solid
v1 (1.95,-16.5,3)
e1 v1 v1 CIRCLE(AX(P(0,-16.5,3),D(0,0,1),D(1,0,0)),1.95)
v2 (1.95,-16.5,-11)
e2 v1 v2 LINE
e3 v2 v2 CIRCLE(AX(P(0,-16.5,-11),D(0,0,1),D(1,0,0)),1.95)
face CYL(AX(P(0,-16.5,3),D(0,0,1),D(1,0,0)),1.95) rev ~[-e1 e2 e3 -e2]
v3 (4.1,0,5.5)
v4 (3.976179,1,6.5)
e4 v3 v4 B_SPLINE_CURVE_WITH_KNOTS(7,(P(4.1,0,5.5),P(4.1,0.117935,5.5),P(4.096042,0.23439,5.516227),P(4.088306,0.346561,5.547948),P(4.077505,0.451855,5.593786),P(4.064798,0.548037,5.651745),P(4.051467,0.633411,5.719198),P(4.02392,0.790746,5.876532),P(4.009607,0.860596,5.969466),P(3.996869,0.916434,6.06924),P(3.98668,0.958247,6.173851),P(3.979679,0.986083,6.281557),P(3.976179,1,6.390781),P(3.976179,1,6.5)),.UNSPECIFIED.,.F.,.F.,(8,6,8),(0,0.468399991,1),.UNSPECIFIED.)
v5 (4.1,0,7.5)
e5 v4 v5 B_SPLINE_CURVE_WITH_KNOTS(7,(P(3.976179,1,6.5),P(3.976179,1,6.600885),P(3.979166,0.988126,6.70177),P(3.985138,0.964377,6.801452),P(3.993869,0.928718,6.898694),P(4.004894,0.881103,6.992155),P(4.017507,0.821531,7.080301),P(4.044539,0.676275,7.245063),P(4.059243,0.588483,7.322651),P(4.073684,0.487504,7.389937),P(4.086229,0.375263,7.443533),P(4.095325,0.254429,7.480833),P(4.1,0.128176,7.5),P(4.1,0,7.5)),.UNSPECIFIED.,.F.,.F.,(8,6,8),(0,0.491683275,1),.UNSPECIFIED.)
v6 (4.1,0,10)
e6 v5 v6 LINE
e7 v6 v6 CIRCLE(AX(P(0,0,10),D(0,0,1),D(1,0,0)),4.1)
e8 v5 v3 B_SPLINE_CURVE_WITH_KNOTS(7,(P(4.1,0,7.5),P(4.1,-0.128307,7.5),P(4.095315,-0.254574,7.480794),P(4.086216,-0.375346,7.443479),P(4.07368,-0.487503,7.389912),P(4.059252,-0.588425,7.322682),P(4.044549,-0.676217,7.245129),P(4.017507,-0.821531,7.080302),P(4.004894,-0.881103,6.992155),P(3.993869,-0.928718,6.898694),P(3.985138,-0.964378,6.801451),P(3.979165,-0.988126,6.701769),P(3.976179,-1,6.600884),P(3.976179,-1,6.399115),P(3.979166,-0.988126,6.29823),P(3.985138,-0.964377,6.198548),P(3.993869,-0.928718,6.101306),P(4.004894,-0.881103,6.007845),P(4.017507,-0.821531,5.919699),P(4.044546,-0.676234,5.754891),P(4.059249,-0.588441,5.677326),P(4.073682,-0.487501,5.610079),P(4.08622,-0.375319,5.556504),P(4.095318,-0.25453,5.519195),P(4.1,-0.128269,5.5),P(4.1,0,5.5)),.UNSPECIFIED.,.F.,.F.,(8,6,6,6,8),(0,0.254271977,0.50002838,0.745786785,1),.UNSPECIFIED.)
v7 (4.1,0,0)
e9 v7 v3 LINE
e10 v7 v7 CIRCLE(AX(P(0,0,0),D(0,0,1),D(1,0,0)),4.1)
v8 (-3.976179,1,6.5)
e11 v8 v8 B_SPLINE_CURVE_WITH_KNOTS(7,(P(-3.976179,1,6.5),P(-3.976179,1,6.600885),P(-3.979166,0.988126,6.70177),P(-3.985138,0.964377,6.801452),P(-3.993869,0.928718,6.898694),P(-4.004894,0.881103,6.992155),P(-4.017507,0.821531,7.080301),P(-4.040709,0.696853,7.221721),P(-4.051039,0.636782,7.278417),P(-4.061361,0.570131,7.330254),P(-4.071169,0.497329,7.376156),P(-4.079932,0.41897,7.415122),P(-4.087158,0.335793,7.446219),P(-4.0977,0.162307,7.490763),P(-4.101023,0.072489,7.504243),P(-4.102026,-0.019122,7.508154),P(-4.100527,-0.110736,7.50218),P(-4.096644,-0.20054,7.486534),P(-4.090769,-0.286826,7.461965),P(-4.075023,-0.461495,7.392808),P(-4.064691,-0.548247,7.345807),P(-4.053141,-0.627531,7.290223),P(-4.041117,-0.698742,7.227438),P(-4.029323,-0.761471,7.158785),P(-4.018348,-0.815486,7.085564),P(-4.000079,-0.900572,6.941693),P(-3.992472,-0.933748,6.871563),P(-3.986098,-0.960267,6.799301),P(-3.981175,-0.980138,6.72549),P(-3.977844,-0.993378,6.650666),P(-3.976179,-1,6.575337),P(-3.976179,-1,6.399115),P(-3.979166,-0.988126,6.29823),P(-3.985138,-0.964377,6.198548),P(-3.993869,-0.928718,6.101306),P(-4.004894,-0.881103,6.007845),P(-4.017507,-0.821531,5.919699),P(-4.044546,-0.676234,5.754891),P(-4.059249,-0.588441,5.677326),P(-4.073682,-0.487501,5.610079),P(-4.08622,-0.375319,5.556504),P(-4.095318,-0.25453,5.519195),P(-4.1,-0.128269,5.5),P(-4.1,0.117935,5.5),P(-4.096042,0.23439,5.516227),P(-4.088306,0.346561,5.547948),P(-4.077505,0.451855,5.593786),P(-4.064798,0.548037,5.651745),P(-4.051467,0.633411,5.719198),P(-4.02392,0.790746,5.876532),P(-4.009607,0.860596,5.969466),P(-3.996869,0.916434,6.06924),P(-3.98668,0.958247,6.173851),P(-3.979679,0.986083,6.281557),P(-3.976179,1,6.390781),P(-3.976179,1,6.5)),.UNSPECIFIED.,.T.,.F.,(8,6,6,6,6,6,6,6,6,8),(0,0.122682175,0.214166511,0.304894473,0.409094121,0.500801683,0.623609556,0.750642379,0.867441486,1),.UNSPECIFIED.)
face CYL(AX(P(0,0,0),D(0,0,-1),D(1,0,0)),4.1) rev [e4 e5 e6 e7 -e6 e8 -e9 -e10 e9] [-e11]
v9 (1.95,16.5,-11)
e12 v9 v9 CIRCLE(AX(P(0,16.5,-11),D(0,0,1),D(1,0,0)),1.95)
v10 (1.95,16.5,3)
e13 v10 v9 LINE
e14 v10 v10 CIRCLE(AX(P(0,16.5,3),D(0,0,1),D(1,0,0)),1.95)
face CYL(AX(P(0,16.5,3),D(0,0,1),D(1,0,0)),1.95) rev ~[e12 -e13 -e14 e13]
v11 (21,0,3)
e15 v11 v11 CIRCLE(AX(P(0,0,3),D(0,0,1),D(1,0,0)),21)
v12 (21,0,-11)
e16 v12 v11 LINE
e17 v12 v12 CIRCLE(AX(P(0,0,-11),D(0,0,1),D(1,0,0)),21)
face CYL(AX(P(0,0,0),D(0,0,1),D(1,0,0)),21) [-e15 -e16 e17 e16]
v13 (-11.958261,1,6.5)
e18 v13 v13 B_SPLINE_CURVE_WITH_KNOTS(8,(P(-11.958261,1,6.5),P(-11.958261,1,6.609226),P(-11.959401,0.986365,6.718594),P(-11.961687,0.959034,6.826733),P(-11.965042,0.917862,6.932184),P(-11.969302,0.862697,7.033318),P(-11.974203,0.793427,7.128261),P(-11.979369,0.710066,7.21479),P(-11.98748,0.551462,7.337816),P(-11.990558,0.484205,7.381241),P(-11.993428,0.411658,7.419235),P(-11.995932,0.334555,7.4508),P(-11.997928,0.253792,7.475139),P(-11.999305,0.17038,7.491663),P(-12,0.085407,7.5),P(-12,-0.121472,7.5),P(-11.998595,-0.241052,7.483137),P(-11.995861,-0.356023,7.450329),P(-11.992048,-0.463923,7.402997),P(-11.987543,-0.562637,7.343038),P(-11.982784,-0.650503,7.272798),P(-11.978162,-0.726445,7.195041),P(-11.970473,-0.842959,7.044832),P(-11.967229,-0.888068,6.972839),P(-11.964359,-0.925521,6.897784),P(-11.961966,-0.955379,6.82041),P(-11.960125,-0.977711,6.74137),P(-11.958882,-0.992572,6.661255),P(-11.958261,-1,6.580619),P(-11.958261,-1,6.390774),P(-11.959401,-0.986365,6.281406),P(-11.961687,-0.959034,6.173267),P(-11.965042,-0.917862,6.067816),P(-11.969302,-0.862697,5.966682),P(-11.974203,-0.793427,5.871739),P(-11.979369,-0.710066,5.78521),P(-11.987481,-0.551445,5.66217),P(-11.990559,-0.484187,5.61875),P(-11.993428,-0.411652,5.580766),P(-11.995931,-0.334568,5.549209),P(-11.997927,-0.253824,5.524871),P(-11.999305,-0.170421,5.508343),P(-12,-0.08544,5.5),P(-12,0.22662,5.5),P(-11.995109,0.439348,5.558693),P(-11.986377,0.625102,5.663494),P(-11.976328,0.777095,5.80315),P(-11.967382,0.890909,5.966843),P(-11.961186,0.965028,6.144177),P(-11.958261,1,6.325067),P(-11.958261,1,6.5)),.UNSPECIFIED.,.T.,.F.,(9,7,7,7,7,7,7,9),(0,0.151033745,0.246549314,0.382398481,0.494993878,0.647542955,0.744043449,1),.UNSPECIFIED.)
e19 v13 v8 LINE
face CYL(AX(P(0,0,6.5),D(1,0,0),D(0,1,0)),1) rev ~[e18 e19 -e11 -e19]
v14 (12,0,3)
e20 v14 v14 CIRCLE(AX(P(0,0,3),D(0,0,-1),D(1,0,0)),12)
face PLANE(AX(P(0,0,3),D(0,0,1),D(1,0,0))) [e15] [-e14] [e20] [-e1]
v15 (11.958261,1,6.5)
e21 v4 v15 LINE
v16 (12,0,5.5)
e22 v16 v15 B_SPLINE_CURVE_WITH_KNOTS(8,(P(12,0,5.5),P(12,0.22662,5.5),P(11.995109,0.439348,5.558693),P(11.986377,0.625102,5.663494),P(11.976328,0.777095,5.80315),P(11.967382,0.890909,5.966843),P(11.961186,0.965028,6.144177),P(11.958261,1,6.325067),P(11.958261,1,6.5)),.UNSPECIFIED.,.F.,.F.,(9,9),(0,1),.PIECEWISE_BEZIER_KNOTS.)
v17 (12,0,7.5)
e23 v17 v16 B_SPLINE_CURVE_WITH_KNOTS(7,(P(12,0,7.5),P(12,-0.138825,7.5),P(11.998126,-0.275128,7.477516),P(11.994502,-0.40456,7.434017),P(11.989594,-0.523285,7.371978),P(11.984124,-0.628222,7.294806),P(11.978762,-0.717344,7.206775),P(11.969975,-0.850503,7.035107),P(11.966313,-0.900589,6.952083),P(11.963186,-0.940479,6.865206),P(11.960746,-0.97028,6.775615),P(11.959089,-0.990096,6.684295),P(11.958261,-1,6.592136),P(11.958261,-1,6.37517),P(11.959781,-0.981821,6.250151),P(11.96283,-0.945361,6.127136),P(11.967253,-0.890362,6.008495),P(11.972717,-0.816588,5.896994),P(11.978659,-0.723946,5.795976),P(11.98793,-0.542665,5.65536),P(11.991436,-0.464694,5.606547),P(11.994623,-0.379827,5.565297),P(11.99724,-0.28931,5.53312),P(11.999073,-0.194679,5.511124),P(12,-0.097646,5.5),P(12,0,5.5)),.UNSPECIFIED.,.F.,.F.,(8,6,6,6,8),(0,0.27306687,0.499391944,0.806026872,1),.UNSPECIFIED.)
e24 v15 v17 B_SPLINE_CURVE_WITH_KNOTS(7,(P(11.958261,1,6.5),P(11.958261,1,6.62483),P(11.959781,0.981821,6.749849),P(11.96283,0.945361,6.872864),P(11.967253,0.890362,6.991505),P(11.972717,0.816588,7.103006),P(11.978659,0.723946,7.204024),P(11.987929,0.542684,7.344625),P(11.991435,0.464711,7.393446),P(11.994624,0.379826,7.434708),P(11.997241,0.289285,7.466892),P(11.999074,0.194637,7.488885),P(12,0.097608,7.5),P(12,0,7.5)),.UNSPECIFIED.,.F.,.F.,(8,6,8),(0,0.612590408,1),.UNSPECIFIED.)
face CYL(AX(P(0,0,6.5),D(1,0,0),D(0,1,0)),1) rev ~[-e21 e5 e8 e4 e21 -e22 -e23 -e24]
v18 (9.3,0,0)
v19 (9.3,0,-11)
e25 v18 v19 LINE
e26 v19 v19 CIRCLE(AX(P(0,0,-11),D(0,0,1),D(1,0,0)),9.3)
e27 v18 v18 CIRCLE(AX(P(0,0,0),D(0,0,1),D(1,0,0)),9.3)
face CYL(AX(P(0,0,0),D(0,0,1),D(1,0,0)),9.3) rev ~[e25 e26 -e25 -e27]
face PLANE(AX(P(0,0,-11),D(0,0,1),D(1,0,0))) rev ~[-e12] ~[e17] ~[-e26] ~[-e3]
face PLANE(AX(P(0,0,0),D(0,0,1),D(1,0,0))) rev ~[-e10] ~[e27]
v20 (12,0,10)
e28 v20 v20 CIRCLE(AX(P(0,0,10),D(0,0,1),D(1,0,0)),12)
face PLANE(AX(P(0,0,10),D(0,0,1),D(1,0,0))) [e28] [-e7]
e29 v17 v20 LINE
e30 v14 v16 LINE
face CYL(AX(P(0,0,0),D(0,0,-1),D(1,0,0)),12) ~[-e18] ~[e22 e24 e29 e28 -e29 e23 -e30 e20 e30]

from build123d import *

# Parameters (mm, degrees)
F0_R     = 21
F0_R_2   = 12
F0_R_3   = 4.1
F1_DEPTH = 3
F2_DEPTH = 10
F3_R     = 21
F3_R_2   = 9.3
F4_DEPTH = 11
F5_R     = 1.95
F6_DEPTH = 14
F7_R     = 1
F8_DEPTH = 12.5


with BuildPart() as f1:
    # F0 (on Top) → F1 (new body)
    with BuildSketch(Plane.XY):
        Circle(F0_R)
        Circle(F0_R_2, mode=Mode.SUBTRACT)
        Circle(F0_R_2)
        Circle(F0_R_3, mode=Mode.SUBTRACT)
    extrude(amount=F1_DEPTH)

    # F0 (on Top) → F2 (join)
    with BuildSketch(Plane.XY):
        Circle(F0_R_2)
        Circle(F0_R_3, mode=Mode.SUBTRACT)
    extrude(amount=F2_DEPTH)

    # F3 (on Top) → F4 (join)
    with BuildSketch(Plane.XY):
        Circle(F3_R)
        Circle(F3_R_2, mode=Mode.SUBTRACT)
    extrude(amount=-F4_DEPTH)

    # F5 (on face) → F6 (cut, through all)
    with BuildSketch(Plane.XY.offset(3)):
        with Locations((0, 16.5)):
            Circle(F5_R)
        with Locations((0, -16.5)):
            Circle(F5_R)
    extrude(amount=-F6_DEPTH, mode=Mode.SUBTRACT)

    # F7 (on Right) → F8 (cut, symmetric)
    with BuildSketch(Plane.YZ):
        with Locations((0, 6.5)):
            Circle(F7_R)
    extrude(amount=F8_DEPTH, both=True, mode=Mode.SUBTRACT)


solid = f1.part
